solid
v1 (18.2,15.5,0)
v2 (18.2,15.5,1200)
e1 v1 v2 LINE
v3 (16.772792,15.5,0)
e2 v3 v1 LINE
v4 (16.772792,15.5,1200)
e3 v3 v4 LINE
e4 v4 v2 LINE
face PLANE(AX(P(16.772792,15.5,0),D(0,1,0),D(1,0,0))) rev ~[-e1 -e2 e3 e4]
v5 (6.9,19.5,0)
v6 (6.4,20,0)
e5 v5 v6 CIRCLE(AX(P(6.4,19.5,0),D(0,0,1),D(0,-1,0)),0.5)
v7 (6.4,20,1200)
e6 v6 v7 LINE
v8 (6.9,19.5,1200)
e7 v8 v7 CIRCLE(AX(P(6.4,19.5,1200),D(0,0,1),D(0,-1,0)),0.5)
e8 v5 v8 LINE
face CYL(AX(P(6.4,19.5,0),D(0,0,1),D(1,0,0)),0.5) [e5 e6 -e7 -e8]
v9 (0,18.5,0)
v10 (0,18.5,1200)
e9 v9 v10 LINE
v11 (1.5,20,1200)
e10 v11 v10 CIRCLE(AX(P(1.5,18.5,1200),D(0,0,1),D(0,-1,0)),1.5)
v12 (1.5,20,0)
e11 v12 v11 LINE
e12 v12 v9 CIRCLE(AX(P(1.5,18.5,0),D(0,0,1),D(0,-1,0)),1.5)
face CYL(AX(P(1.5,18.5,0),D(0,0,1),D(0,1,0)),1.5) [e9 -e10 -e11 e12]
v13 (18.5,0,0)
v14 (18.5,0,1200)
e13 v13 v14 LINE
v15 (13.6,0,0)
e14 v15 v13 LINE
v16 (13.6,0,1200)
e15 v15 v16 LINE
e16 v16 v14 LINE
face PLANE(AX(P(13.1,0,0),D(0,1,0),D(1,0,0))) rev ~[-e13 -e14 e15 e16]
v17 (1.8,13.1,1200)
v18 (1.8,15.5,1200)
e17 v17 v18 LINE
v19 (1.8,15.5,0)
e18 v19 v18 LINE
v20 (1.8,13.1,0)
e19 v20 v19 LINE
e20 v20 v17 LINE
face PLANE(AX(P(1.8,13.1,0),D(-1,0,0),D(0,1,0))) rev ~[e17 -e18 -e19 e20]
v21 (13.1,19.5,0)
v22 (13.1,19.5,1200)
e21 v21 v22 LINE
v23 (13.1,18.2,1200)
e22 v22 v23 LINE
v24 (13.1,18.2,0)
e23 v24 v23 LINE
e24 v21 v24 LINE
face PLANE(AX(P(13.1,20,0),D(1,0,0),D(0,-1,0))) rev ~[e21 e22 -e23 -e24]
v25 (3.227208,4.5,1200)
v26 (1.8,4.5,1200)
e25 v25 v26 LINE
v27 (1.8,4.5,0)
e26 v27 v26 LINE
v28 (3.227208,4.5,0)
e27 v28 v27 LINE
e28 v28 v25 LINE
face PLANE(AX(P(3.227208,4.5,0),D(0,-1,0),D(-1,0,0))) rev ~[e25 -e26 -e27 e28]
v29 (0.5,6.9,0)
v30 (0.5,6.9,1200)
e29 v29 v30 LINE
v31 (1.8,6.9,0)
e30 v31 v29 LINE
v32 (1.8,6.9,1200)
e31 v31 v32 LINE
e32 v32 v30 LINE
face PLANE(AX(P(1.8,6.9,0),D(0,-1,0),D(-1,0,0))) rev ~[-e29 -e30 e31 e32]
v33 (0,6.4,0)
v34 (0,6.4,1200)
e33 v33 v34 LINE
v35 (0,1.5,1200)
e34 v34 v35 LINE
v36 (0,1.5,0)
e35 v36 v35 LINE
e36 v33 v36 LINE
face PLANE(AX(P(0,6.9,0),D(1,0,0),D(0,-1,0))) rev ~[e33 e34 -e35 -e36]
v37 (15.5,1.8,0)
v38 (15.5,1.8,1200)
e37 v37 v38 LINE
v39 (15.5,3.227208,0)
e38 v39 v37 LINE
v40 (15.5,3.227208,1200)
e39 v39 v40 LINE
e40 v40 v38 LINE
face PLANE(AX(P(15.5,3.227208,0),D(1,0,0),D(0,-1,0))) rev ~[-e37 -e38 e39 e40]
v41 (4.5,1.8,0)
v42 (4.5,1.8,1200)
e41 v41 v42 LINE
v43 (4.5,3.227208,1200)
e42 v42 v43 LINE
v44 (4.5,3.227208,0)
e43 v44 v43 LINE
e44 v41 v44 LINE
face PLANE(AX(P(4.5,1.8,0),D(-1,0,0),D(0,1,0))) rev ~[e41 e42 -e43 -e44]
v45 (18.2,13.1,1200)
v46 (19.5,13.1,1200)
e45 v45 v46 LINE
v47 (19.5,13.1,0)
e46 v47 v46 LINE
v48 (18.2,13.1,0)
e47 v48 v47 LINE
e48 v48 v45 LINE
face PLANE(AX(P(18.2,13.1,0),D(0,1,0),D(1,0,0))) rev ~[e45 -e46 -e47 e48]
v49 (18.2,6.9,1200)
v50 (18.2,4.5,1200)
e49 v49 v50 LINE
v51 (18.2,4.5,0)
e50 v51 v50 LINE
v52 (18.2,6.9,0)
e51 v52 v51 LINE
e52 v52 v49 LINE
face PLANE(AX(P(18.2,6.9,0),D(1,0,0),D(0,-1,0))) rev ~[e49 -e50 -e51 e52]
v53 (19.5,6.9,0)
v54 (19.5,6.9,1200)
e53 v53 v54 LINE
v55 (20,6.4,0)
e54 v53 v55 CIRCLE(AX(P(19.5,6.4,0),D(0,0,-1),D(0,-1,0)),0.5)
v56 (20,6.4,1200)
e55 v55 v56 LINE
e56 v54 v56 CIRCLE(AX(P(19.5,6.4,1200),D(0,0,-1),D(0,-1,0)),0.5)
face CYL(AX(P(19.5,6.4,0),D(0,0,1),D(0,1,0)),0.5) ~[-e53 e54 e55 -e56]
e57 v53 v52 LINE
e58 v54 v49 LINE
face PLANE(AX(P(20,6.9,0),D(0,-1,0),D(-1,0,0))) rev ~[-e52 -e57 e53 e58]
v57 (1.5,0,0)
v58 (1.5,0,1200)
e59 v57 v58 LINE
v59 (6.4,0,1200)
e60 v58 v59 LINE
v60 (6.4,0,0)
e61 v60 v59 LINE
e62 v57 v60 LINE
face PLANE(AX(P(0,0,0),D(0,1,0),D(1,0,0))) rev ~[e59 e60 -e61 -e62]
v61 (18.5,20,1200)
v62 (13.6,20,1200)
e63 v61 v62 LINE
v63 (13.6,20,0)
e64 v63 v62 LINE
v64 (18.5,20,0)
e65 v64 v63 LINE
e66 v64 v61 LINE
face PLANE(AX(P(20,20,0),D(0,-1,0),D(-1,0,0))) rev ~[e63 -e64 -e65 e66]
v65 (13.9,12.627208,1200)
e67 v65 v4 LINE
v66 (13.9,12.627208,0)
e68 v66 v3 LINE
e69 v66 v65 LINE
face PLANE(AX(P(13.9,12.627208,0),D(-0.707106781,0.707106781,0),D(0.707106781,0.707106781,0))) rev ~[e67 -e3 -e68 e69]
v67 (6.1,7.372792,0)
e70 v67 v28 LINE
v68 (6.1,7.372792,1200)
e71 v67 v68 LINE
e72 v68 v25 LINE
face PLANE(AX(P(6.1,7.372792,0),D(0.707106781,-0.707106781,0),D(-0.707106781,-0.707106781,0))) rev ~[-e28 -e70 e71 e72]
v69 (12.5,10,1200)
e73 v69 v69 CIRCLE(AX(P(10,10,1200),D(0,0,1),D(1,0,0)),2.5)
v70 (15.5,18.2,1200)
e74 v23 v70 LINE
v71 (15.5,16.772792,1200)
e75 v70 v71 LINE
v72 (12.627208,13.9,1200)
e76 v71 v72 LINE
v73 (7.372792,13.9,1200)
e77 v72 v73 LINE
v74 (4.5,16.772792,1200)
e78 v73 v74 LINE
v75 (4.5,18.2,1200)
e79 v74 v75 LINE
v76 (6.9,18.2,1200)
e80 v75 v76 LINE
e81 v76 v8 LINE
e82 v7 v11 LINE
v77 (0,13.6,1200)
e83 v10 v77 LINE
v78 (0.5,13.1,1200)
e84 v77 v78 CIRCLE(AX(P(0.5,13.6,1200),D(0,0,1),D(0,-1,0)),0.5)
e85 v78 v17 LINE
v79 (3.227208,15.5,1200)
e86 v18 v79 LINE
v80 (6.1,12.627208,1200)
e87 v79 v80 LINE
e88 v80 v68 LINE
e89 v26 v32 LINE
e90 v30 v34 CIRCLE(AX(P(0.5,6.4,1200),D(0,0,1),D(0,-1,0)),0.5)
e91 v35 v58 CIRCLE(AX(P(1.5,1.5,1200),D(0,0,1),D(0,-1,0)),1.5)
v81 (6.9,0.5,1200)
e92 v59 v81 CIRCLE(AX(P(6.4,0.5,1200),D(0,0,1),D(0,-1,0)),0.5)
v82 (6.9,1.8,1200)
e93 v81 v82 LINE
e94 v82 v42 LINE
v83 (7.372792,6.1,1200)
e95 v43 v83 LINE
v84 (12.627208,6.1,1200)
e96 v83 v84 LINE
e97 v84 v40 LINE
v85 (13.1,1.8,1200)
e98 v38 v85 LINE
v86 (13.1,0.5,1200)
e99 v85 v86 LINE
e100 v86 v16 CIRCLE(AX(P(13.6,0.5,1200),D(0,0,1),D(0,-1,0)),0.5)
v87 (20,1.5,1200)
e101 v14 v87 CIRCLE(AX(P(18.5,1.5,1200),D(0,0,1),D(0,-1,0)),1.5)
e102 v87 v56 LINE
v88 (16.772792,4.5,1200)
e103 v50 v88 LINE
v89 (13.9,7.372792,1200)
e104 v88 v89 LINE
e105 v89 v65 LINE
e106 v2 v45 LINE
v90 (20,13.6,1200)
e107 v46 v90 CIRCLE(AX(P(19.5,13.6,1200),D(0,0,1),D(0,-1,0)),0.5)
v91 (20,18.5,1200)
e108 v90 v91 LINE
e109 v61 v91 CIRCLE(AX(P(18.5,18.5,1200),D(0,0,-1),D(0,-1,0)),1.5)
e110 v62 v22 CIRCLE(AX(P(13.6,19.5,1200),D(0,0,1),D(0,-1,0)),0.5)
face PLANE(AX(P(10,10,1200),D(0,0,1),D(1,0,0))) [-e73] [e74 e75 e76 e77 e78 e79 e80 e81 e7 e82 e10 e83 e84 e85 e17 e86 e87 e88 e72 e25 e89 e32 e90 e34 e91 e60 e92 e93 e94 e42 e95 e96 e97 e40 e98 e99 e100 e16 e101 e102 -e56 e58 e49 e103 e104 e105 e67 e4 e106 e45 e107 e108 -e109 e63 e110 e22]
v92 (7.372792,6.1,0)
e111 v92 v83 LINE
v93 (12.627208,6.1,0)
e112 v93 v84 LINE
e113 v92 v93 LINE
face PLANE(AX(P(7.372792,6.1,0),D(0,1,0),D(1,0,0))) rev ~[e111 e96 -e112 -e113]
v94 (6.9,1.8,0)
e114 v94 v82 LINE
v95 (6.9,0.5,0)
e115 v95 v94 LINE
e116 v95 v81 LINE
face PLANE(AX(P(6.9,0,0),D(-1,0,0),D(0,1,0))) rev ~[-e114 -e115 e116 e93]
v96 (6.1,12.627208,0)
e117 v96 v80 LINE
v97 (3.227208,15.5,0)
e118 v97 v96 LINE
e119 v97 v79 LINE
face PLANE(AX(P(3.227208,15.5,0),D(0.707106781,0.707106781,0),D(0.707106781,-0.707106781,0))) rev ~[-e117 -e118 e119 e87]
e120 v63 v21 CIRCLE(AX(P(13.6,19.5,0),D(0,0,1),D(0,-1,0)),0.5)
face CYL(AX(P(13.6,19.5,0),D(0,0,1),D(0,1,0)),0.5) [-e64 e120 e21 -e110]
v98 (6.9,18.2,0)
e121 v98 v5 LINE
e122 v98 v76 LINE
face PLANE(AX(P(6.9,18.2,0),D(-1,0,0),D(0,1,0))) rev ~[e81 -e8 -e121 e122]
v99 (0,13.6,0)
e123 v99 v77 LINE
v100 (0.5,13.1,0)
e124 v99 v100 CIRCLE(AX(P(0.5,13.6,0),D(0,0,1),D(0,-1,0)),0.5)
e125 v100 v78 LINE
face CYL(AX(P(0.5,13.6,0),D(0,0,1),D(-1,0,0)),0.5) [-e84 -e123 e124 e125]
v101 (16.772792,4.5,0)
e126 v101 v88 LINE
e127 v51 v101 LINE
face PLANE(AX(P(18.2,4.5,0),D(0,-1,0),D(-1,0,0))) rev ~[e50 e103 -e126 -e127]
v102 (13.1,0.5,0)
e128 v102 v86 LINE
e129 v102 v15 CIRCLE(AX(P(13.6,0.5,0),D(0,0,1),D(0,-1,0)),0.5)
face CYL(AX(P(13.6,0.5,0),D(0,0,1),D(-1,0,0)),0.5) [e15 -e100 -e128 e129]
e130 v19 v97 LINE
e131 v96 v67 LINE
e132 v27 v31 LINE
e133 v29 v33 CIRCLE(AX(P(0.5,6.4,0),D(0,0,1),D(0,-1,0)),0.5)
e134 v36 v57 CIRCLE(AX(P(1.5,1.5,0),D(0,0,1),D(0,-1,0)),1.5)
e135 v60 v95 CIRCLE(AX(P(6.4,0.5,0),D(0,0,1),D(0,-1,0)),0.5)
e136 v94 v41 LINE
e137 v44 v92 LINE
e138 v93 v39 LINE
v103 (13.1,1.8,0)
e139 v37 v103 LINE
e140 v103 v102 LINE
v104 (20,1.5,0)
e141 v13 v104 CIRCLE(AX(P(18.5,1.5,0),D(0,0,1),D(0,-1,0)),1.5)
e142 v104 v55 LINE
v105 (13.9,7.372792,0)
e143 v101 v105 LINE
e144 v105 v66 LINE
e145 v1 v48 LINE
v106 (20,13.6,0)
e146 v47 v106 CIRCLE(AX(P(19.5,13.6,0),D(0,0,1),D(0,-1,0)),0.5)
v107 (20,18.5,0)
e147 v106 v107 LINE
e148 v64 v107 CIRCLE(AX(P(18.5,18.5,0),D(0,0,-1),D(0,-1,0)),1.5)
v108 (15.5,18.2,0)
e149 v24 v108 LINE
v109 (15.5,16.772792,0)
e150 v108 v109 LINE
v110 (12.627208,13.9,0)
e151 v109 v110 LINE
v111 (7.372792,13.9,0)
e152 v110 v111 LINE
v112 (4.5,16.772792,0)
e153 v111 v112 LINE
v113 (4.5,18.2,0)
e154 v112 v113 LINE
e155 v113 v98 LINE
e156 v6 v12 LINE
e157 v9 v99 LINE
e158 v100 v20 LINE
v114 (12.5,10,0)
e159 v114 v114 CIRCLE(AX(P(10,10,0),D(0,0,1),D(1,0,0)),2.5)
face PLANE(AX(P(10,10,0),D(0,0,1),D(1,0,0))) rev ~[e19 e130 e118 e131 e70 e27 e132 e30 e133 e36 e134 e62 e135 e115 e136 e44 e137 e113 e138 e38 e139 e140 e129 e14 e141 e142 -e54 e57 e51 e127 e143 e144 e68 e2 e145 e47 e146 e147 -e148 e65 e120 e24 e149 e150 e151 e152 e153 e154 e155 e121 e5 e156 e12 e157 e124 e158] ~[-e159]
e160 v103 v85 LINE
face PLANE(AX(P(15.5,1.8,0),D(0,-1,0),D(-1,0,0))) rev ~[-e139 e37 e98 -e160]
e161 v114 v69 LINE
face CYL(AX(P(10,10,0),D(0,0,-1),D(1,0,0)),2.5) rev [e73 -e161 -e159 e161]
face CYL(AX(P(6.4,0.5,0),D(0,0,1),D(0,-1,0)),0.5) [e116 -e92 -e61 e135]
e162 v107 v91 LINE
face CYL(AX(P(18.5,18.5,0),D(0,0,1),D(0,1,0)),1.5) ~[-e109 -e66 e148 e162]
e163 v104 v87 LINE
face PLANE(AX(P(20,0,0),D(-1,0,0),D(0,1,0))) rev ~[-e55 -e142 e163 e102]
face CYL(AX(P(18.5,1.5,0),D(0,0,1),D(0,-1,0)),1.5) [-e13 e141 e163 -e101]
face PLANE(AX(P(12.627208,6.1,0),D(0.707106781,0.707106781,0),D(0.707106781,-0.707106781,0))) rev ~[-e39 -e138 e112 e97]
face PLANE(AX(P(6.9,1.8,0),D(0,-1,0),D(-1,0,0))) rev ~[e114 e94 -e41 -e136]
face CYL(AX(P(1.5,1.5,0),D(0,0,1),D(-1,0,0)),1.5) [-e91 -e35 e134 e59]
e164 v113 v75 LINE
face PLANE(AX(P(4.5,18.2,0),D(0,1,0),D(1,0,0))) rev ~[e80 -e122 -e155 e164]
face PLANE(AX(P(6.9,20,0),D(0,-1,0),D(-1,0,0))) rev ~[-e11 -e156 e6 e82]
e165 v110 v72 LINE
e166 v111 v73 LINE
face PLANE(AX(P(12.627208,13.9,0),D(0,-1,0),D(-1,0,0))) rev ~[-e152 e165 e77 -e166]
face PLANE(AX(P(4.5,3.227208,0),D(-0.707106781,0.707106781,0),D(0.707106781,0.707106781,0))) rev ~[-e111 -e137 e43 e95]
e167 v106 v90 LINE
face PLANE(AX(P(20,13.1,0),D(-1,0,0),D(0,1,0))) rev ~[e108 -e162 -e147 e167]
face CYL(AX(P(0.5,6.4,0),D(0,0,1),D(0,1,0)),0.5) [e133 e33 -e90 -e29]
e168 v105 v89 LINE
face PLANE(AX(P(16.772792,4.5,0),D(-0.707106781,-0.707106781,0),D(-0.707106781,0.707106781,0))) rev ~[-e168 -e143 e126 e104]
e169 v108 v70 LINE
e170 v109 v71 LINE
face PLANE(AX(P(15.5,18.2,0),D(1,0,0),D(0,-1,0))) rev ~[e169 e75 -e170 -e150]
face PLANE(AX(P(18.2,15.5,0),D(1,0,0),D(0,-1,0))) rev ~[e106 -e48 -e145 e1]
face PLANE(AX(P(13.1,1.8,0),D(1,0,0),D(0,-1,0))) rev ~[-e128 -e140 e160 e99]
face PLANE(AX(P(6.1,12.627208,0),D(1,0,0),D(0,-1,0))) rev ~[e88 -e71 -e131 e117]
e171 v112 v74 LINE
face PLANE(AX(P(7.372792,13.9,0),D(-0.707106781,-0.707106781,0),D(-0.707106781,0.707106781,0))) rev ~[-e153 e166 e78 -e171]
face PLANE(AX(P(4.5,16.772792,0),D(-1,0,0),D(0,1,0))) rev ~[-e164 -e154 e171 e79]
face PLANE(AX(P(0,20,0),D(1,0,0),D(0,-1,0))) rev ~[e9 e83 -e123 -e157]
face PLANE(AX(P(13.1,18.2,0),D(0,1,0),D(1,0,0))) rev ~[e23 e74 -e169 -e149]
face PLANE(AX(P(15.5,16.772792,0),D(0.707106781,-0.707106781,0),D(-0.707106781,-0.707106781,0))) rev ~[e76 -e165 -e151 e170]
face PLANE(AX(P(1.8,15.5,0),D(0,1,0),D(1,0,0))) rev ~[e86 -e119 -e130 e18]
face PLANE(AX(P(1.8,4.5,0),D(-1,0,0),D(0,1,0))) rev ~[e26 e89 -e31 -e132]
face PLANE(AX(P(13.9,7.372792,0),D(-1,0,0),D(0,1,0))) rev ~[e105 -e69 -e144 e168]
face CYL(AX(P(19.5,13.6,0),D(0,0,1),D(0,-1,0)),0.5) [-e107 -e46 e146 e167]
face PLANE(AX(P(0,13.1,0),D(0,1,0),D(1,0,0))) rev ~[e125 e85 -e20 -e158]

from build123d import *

# Parameters (mm, degrees)
SKETCH_1_R      = 2.5
EXTRUDE_1_DEPTH = 1200
FILLET_1_R      = 1.5
FILLET_2_R      = 1.5
FILLET_3_R      = 1.5
FILLET_4_R      = 1.5
FILLET_5_R      = 0.5
FILLET_6_R      = 0.5
FILLET_7_R      = 0.5
FILLET_8_R      = 0.5
FILLET_9_R      = 0.5
FILLET_10_R     = 0.5
FILLET_11_R     = 0.5
FILLET_12_R     = 0.5


with BuildPart() as part:
    # 草图1 → 凸台-拉伸1 (new body)
    with BuildSketch(Plane.XY):
        Polygon((0, 6.9), (0, 0), (6.9, 0), (6.9, 1.8), (4.5, 1.8), (4.5, 3.227207794), (7.372792206, 6.1), (12.627207794, 6.1), (15.5, 3.227207794), (15.5, 1.8), (13.1, 1.8), (13.1, 0), (20, 0), (20, 6.9), (18.2, 6.9), (18.2, 4.5), (16.772792206, 4.5), (13.9, 7.372792206), (13.9, 12.627207794), (16.772792206, 15.5), (18.2, 15.5), (18.2, 13.1), (20, 13.1), (20, 20), (13.1, 20), (13.1, 18.2), (15.5, 18.2), (15.5, 16.772792206), (12.627207794, 13.9), (7.372792206, 13.9), (4.5, 16.772792206), (4.5, 18.2), (6.9, 18.2), (6.9, 20), (0, 20), (0, 13.1), (1.8, 13.1), (1.8, 15.5), (3.227207794, 15.5), (6.1, 12.627207794), (6.1, 7.372792206), (3.227207794, 4.5), (1.8, 4.5), (1.8, 6.9), align=None)
        with Locations((10, 10)):
            Circle(SKETCH_1_R, mode=Mode.SUBTRACT)
    extrude(amount=EXTRUDE_1_DEPTH)

    # 圆角1
    fillet_1_edges = [part.edges().sort_by_distance(p)[0] for p in [
        (20, 20, 600),
    ]]
    fillet(fillet_1_edges, radius=FILLET_1_R)

    # 圆角2
    fillet_2_edges = [part.edges().sort_by_distance(p)[0] for p in [
        (0, 20, 600),
    ]]
    fillet(fillet_2_edges, radius=FILLET_2_R)

    # 圆角3
    fillet_3_edges = [part.edges().sort_by_distance(p)[0] for p in [
        (0, 0, 600),
    ]]
    fillet(fillet_3_edges, radius=FILLET_3_R)

    # 圆角4
    fillet_4_edges = [part.edges().sort_by_distance(p)[0] for p in [
        (20, 0, 600),
    ]]
    fillet(fillet_4_edges, radius=FILLET_4_R)

    # 圆角5
    fillet_5_edges = [part.edges().sort_by_distance(p)[0] for p in [
        (13.1, 20, 600),
    ]]
    fillet(fillet_5_edges, radius=FILLET_5_R)

    # 圆角6
    fillet_6_edges = [part.edges().sort_by_distance(p)[0] for p in [
        (6.9, 20, 600),
    ]]
    fillet(fillet_6_edges, radius=FILLET_6_R)

    # 圆角7
    fillet_7_edges = [part.edges().sort_by_distance(p)[0] for p in [
        (0, 13.1, 600),
    ]]
    fillet(fillet_7_edges, radius=FILLET_7_R)

    # 圆角8
    fillet_8_edges = [part.edges().sort_by_distance(p)[0] for p in [
        (0, 6.9, 600),
    ]]
    fillet(fillet_8_edges, radius=FILLET_8_R)

    # 圆角9
    fillet_9_edges = [part.edges().sort_by_distance(p)[0] for p in [
        (6.9, 0, 600),
    ]]
    fillet(fillet_9_edges, radius=FILLET_9_R)

    # 圆角10
    fillet_10_edges = [part.edges().sort_by_distance(p)[0] for p in [
        (13.1, 0, 600),
    ]]
    fillet(fillet_10_edges, radius=FILLET_10_R)

    # 圆角11
    fillet_11_edges = [part.edges().sort_by_distance(p)[0] for p in [
        (20, 13.1, 600),
    ]]
    fillet(fillet_11_edges, radius=FILLET_11_R)

    # 圆角12
    fillet_12_edges = [part.edges().sort_by_distance(p)[0] for p in [
        (20, 6.9, 600),
    ]]
    fillet(fillet_12_edges, radius=FILLET_12_R)


solid = part.part
